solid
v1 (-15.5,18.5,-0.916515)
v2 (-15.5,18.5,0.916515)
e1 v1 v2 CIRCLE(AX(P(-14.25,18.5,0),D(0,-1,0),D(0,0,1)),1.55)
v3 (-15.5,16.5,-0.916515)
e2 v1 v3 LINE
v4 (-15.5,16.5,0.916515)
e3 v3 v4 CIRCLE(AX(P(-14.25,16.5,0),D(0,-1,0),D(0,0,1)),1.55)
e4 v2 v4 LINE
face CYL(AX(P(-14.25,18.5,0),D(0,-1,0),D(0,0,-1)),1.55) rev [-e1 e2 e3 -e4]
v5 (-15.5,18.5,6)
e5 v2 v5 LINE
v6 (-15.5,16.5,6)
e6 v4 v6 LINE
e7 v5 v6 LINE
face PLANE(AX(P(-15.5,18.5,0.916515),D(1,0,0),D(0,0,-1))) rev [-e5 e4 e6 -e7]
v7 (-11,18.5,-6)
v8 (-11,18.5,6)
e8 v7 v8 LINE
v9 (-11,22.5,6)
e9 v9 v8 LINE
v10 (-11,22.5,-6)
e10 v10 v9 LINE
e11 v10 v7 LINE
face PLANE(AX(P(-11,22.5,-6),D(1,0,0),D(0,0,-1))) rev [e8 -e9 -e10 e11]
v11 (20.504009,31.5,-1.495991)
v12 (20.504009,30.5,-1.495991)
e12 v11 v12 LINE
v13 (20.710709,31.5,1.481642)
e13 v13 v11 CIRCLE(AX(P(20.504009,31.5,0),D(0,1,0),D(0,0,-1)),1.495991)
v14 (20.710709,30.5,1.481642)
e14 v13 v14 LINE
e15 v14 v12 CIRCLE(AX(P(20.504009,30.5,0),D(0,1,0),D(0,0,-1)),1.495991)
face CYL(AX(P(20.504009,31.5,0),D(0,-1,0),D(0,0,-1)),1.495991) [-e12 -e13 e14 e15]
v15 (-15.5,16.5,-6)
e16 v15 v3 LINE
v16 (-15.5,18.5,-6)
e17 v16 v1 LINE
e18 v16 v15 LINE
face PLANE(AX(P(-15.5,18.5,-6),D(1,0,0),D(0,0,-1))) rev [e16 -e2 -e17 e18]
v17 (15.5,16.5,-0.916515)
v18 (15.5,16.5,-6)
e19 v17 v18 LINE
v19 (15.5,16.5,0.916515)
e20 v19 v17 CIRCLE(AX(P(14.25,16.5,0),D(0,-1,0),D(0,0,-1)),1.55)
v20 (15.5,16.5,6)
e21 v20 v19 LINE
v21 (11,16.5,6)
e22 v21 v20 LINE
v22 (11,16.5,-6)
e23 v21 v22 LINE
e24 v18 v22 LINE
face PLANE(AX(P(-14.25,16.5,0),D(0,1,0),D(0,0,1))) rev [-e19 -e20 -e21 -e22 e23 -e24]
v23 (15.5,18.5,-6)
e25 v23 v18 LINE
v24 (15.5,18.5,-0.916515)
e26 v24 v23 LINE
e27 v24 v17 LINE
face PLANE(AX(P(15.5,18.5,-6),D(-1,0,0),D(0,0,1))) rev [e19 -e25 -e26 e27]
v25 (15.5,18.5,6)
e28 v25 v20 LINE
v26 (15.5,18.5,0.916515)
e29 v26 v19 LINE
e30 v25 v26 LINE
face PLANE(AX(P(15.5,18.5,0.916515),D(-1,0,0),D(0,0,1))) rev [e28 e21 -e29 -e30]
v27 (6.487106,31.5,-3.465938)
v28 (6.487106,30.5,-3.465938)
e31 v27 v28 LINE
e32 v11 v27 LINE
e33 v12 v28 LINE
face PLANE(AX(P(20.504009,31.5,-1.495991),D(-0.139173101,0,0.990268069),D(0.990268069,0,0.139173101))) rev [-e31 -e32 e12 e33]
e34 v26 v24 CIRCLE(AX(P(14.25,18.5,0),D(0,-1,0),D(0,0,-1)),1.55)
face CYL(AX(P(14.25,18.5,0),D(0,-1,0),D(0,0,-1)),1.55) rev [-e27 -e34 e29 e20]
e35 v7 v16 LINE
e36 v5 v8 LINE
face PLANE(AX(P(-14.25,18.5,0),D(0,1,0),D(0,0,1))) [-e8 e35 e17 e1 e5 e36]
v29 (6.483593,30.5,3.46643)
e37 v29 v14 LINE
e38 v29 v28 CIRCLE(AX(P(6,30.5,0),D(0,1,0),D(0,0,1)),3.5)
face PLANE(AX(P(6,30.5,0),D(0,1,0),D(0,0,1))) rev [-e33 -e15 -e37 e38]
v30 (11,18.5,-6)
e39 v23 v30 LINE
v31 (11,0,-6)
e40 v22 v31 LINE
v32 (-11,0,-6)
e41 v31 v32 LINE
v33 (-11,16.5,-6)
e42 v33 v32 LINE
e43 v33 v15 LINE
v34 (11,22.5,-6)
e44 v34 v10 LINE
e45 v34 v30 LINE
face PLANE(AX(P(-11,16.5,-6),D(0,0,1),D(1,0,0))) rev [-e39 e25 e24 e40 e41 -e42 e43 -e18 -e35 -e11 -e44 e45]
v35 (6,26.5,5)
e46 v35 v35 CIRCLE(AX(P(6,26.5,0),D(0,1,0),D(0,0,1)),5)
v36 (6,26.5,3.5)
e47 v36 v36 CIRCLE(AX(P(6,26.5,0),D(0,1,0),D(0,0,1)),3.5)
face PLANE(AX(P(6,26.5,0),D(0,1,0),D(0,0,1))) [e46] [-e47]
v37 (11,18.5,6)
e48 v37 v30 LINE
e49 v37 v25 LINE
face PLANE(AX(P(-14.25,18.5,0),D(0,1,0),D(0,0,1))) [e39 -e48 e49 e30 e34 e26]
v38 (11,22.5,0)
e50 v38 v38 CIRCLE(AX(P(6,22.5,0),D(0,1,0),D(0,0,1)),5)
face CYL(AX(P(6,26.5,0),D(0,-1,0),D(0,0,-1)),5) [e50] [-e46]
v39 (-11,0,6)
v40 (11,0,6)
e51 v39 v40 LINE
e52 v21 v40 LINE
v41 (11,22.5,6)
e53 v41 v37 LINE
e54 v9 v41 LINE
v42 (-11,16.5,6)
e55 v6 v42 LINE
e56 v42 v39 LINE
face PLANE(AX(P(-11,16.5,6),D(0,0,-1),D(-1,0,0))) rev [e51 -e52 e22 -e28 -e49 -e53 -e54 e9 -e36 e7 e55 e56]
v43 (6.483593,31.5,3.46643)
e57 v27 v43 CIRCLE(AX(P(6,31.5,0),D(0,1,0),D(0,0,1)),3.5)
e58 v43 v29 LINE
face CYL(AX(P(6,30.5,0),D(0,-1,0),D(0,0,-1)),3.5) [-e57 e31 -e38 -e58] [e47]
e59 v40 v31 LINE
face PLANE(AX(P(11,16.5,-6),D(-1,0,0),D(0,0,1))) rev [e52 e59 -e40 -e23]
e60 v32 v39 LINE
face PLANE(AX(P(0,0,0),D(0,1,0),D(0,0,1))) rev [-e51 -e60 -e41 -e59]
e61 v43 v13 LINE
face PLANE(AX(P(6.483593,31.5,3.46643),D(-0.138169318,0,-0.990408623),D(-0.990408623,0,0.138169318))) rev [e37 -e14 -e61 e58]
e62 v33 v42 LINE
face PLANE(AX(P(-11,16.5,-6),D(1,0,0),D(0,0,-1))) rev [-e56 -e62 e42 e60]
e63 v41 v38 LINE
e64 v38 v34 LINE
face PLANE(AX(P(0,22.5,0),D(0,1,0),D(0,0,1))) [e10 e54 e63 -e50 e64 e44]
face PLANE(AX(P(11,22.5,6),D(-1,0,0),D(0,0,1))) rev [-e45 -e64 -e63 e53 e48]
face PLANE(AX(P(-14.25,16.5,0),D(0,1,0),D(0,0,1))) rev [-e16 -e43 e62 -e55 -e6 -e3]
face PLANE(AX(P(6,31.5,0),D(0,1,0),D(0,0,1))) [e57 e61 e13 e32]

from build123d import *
from build123d.topology import SkipClean

# Parameters (mm, degrees)
SKETCH1_W           = 22
SKETCH1_H           = 12
BOSS_EXTRUDE1_DEPTH = 16.5
BOSS_EXTRUDE2_DEPTH = 2
SKETCH4_W           = 22
SKETCH4_H           = 12
BOSS_EXTRUDE3_DEPTH = 4
SKETCH5_R           = 5
BOSS_EXTRUDE4_DEPTH = 4
SKETCH7_R           = 3.5
BOSS_EXTRUDE5_DEPTH = 4
BOSS_EXTRUDE6_DEPTH = 1
CUT_EXTRUDE2_REACH  = 40.888


with BuildPart() as part:
    # Sketch1 → Boss-Extrude1 (new body)
    with BuildSketch(Plane(origin=(0, 0, 0), x_dir=(1, 0, 0), z_dir=(0, 1, 0))):
        Rectangle(SKETCH1_W, SKETCH1_H)
    extrude(amount=BOSS_EXTRUDE1_DEPTH)

    # Sketch2 → Boss-Extrude2 (add)
    with BuildSketch(Plane(origin=(0, 16.5, 0), x_dir=(1, 0, 0), z_dir=(0, 1, 0))):
        with BuildLine():
            Line((-15.5, 6), (15.5, 6))
            Line((15.5, 6), (15.5, 0.916515))
            ThreePointArc((15.5, 0.916515), (12.7, 0), (15.5, -0.916515))
            Line((15.5, -0.916515), (15.5, -6))
            Line((15.5, -6), (-15.5, -6))
            Line((-15.5, -6), (-15.5, -0.916515))
            ThreePointArc((-15.5, -0.916515), (-12.7, 0), (-15.5, 0.916515))
            Line((-15.5, 0.916515), (-15.5, 6))
        make_face()
    extrude(amount=BOSS_EXTRUDE2_DEPTH)

    # Sketch4 → Boss-Extrude3 (add)
    with BuildSketch(Plane(origin=(0, 18.5, 0), x_dir=(1, 0, 0), z_dir=(0, 1, 0))):
        Rectangle(SKETCH4_W, SKETCH4_H)
    extrude(amount=BOSS_EXTRUDE3_DEPTH)

    # Sketch5 → Boss-Extrude4 (add)
    with BuildSketch(Plane(origin=(0, 22.5, 0), x_dir=(1, 0, 0), z_dir=(0, 1, 0))):
        with Locations((6, 0)):
            Circle(SKETCH5_R)
    extrude(amount=BOSS_EXTRUDE4_DEPTH)

    # Sketch7 → Boss-Extrude5 (add)
    with BuildSketch(Plane(origin=(0, 26.5, 0), x_dir=(1, 0, 0), z_dir=(0, 1, 0))):
        with Locations(Location((6, 0, 0), (0, 0, 270))):
            Circle(SKETCH7_R)
    extrude(amount=BOSS_EXTRUDE5_DEPTH)

    # Sketch8 → Boss-Extrude6 (add)
    with SkipClean():  # the faces are left unmerged after this step: merging them gives an invalid solid
        with BuildSketch(Plane(origin=(0, 30.5, 0), x_dir=(1, 0, 0), z_dir=(0, 1, 0))):
            with BuildLine():
                Line((5.516407, -3.46643), (-8.710709, -1.481642))
                ThreePointArc((-8.710709, -1.481642), (-9.996409, 0.103599), (-8.504009, 1.495991))
                Line((-8.504009, 1.495991), (5.512894, 3.465938))
                ThreePointArc((5.512894, 3.465938), (6, 3.5), (6.487106, 3.465938))
                Line((6.487106, 3.465938), (20.504009, 1.495991))
                ThreePointArc((20.504009, 1.495991), (21.996409, 0.103599), (20.710709, -1.481642))
                Line((20.710709, -1.481642), (6.483593, -3.46643))
                ThreePointArc((6.483593, -3.46643), (6, -3.5), (5.516407, -3.46643))
            make_face()
        extrude(amount=BOSS_EXTRUDE6_DEPTH)

    # Sketch10 → Cut-Extrude2 (cut, up to next)
    with BuildSketch(Plane(origin=(0, 31.5, 0), x_dir=(1, 0, 0), z_dir=(0, 1, 0)), mode=Mode.PRIVATE) as cut_extrude2_sk1:
        with BuildLine():
            Line((-8.710709, -1.481642), (5.516407, -3.46643))
            ThreePointArc((5.516407, -3.46643), (2.5, -0.001774), (5.512894, 3.465938))
            Line((5.512894, 3.465938), (-8.504009, 1.495991))
            ThreePointArc((-8.504009, 1.495991), (-9.996409, 0.103599), (-8.710709, -1.481642))
        make_face()
    cut_extrude2_tool1 = extrude(cut_extrude2_sk1.sketch, amount=-CUT_EXTRUDE2_REACH, mode=Mode.PRIVATE) & part.part
    add(cut_extrude2_tool1.solids().sort_by_distance((-2.43068, 31.5, 0.003848))[0], mode=Mode.SUBTRACT)


solid = part.part
